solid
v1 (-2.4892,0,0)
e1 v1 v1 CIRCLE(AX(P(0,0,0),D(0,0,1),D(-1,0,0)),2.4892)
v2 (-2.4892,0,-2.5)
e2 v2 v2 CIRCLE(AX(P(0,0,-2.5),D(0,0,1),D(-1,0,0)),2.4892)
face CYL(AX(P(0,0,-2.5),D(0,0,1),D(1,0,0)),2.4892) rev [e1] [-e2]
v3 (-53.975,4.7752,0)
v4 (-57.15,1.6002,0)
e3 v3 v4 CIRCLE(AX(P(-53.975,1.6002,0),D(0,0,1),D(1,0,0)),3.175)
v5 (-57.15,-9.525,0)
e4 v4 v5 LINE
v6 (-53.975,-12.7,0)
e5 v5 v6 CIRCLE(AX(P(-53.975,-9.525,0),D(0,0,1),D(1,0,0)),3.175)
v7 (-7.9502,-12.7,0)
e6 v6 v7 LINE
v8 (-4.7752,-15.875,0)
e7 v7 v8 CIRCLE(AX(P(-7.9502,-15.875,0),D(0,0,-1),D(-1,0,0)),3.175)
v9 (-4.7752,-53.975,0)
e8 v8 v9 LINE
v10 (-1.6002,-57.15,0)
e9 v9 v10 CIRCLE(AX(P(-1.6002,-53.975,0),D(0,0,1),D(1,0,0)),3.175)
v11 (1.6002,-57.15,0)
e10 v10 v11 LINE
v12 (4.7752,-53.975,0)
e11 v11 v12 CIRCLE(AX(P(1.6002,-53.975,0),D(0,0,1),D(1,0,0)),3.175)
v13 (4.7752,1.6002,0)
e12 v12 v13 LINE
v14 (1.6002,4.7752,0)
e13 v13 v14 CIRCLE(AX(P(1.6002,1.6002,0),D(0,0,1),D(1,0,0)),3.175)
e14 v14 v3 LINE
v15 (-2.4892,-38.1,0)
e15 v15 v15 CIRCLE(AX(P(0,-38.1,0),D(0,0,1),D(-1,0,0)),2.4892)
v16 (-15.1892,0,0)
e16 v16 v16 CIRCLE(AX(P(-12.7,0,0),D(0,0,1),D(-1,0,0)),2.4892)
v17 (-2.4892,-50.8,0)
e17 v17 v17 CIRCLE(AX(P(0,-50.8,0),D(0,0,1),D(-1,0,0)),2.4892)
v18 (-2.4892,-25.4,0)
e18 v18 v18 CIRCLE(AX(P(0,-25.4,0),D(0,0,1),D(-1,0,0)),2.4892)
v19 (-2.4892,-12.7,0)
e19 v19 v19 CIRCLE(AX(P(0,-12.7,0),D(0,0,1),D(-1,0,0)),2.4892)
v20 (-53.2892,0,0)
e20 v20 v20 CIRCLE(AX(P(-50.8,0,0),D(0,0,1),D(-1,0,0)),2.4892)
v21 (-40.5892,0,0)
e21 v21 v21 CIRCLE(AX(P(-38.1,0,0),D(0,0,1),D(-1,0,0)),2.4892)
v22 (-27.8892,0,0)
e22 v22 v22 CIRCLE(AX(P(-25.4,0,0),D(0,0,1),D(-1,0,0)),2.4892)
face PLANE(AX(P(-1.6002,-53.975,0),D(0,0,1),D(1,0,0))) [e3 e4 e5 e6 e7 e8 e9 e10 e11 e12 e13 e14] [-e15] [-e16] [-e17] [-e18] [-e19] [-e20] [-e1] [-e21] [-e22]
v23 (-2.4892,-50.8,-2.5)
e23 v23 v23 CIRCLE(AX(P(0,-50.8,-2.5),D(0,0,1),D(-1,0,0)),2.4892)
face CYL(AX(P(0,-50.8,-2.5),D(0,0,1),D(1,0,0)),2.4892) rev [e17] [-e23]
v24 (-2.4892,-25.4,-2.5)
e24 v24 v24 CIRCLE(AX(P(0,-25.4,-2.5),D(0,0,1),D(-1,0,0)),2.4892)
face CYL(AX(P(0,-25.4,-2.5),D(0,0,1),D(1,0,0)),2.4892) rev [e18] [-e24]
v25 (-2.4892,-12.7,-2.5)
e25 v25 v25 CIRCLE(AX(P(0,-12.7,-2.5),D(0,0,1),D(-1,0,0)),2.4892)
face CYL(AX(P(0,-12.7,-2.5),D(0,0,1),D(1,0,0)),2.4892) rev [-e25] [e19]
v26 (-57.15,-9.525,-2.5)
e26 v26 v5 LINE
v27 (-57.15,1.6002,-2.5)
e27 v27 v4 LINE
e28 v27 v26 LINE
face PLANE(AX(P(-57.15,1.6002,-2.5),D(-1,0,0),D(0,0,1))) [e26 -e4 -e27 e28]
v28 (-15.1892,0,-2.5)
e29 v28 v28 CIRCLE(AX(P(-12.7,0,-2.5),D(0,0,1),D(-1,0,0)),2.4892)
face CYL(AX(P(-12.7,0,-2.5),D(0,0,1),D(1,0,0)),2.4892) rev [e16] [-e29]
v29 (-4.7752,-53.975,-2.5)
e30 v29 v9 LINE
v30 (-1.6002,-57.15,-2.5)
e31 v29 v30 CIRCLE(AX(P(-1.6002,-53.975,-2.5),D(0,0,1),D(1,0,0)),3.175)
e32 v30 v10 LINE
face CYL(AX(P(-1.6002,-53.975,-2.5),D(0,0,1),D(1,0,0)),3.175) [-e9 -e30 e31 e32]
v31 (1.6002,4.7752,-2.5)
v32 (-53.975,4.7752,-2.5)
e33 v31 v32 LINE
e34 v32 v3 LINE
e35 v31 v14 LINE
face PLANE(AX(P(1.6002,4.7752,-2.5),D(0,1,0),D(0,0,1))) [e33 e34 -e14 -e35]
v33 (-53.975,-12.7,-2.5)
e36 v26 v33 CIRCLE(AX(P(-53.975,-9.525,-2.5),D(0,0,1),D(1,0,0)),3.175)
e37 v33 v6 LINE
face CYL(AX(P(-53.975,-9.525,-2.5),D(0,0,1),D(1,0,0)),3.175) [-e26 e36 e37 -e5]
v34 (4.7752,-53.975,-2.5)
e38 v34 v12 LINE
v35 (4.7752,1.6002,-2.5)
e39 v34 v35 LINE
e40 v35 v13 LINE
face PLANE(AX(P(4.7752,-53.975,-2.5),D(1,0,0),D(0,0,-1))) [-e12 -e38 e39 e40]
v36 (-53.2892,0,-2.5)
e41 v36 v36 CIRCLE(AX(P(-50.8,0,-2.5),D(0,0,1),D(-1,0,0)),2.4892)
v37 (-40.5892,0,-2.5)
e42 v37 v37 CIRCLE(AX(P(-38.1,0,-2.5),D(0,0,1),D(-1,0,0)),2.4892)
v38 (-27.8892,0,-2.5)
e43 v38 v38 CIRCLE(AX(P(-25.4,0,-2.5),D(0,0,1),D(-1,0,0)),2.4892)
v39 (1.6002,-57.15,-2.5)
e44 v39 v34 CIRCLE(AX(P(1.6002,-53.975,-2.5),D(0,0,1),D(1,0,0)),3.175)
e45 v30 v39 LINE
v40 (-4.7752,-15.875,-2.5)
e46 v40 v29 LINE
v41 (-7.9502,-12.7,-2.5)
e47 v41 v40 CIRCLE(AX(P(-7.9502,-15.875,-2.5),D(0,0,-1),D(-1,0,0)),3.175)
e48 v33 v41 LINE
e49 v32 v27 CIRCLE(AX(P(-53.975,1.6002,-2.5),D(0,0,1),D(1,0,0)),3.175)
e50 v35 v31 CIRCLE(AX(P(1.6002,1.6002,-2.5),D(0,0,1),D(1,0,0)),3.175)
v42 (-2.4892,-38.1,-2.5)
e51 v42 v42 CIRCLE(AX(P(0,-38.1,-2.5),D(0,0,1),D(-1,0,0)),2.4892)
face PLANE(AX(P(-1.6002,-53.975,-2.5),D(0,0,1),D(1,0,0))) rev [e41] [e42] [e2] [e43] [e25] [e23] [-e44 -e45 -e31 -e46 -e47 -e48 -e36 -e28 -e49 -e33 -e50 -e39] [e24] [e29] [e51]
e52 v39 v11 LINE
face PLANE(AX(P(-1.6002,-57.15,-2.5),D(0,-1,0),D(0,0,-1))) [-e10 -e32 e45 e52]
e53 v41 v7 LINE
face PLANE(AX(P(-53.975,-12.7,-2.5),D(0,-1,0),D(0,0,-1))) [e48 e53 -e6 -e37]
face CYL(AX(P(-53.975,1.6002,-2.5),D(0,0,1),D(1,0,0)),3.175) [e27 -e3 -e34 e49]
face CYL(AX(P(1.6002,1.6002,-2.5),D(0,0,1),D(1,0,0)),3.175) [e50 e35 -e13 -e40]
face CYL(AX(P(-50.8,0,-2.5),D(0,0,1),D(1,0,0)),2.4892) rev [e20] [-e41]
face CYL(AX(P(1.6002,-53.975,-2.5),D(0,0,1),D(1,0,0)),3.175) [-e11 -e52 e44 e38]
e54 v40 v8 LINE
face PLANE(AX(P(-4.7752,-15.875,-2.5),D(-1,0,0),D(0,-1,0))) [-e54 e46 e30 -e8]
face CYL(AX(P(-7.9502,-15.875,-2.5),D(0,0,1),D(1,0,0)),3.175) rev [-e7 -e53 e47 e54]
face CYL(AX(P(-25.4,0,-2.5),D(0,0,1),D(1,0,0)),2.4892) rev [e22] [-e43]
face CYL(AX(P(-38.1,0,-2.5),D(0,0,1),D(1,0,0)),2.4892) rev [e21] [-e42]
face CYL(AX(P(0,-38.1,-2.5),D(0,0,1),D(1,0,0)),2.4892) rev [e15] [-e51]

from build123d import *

# Parameters (mm, degrees)
SKETCH1_R           = 2.4892
BOSS_EXTRUDE1_DEPTH = 2.5


with BuildPart() as part:
    # Sketch1 → Boss-Extrude1 (new body)
    with BuildSketch(Plane.XY):
        with BuildLine():
            Line((-1.6002, -57.15), (1.6002, -57.15))
            ThreePointArc((1.6002, -57.15), (3.84526403, -56.22006403), (4.7752, -53.975))
            Line((4.7752, -53.975), (4.7752, 1.6002))
            ThreePointArc((4.7752, 1.6002), (3.84526403, 3.84526403), (1.6002, 4.7752))
            Line((1.6002, 4.7752), (-53.975, 4.7752))
            ThreePointArc((-53.975, 4.7752), (-56.22006403, 3.84526403), (-57.15, 1.6002))
            Line((-57.15, 1.6002), (-57.15, -9.525))
            ThreePointArc((-57.15, -9.525), (-56.22006403, -11.77006403), (-53.975, -12.7))
            Line((-53.975, -12.7), (-7.9502, -12.7))
            ThreePointArc((-7.9502, -12.7), (-5.70513597, -13.62993597), (-4.7752, -15.875))
            Line((-4.7752, -15.875), (-4.7752, -53.975))
            ThreePointArc((-4.7752, -53.975), (-3.84526403, -56.22006403), (-1.6002, -57.15))
        make_face()
        with Locations((-12.7, 0)):
            Circle(SKETCH1_R, mode=Mode.SUBTRACT)
        Circle(SKETCH1_R, mode=Mode.SUBTRACT)
        with Locations((-25.4, 0)):
            Circle(SKETCH1_R, mode=Mode.SUBTRACT)
        with Locations((-38.1, 0)):
            Circle(SKETCH1_R, mode=Mode.SUBTRACT)
        with Locations((-50.8, 0)):
            Circle(SKETCH1_R, mode=Mode.SUBTRACT)
        with Locations((0, -12.7)):
            Circle(SKETCH1_R, mode=Mode.SUBTRACT)
        with Locations((0, -25.4)):
            Circle(SKETCH1_R, mode=Mode.SUBTRACT)
        with Locations((0, -38.1)):
            Circle(SKETCH1_R, mode=Mode.SUBTRACT)
        with Locations((0, -50.8)):
            Circle(SKETCH1_R, mode=Mode.SUBTRACT)
    extrude(amount=-BOSS_EXTRUDE1_DEPTH)


solid = part.part
